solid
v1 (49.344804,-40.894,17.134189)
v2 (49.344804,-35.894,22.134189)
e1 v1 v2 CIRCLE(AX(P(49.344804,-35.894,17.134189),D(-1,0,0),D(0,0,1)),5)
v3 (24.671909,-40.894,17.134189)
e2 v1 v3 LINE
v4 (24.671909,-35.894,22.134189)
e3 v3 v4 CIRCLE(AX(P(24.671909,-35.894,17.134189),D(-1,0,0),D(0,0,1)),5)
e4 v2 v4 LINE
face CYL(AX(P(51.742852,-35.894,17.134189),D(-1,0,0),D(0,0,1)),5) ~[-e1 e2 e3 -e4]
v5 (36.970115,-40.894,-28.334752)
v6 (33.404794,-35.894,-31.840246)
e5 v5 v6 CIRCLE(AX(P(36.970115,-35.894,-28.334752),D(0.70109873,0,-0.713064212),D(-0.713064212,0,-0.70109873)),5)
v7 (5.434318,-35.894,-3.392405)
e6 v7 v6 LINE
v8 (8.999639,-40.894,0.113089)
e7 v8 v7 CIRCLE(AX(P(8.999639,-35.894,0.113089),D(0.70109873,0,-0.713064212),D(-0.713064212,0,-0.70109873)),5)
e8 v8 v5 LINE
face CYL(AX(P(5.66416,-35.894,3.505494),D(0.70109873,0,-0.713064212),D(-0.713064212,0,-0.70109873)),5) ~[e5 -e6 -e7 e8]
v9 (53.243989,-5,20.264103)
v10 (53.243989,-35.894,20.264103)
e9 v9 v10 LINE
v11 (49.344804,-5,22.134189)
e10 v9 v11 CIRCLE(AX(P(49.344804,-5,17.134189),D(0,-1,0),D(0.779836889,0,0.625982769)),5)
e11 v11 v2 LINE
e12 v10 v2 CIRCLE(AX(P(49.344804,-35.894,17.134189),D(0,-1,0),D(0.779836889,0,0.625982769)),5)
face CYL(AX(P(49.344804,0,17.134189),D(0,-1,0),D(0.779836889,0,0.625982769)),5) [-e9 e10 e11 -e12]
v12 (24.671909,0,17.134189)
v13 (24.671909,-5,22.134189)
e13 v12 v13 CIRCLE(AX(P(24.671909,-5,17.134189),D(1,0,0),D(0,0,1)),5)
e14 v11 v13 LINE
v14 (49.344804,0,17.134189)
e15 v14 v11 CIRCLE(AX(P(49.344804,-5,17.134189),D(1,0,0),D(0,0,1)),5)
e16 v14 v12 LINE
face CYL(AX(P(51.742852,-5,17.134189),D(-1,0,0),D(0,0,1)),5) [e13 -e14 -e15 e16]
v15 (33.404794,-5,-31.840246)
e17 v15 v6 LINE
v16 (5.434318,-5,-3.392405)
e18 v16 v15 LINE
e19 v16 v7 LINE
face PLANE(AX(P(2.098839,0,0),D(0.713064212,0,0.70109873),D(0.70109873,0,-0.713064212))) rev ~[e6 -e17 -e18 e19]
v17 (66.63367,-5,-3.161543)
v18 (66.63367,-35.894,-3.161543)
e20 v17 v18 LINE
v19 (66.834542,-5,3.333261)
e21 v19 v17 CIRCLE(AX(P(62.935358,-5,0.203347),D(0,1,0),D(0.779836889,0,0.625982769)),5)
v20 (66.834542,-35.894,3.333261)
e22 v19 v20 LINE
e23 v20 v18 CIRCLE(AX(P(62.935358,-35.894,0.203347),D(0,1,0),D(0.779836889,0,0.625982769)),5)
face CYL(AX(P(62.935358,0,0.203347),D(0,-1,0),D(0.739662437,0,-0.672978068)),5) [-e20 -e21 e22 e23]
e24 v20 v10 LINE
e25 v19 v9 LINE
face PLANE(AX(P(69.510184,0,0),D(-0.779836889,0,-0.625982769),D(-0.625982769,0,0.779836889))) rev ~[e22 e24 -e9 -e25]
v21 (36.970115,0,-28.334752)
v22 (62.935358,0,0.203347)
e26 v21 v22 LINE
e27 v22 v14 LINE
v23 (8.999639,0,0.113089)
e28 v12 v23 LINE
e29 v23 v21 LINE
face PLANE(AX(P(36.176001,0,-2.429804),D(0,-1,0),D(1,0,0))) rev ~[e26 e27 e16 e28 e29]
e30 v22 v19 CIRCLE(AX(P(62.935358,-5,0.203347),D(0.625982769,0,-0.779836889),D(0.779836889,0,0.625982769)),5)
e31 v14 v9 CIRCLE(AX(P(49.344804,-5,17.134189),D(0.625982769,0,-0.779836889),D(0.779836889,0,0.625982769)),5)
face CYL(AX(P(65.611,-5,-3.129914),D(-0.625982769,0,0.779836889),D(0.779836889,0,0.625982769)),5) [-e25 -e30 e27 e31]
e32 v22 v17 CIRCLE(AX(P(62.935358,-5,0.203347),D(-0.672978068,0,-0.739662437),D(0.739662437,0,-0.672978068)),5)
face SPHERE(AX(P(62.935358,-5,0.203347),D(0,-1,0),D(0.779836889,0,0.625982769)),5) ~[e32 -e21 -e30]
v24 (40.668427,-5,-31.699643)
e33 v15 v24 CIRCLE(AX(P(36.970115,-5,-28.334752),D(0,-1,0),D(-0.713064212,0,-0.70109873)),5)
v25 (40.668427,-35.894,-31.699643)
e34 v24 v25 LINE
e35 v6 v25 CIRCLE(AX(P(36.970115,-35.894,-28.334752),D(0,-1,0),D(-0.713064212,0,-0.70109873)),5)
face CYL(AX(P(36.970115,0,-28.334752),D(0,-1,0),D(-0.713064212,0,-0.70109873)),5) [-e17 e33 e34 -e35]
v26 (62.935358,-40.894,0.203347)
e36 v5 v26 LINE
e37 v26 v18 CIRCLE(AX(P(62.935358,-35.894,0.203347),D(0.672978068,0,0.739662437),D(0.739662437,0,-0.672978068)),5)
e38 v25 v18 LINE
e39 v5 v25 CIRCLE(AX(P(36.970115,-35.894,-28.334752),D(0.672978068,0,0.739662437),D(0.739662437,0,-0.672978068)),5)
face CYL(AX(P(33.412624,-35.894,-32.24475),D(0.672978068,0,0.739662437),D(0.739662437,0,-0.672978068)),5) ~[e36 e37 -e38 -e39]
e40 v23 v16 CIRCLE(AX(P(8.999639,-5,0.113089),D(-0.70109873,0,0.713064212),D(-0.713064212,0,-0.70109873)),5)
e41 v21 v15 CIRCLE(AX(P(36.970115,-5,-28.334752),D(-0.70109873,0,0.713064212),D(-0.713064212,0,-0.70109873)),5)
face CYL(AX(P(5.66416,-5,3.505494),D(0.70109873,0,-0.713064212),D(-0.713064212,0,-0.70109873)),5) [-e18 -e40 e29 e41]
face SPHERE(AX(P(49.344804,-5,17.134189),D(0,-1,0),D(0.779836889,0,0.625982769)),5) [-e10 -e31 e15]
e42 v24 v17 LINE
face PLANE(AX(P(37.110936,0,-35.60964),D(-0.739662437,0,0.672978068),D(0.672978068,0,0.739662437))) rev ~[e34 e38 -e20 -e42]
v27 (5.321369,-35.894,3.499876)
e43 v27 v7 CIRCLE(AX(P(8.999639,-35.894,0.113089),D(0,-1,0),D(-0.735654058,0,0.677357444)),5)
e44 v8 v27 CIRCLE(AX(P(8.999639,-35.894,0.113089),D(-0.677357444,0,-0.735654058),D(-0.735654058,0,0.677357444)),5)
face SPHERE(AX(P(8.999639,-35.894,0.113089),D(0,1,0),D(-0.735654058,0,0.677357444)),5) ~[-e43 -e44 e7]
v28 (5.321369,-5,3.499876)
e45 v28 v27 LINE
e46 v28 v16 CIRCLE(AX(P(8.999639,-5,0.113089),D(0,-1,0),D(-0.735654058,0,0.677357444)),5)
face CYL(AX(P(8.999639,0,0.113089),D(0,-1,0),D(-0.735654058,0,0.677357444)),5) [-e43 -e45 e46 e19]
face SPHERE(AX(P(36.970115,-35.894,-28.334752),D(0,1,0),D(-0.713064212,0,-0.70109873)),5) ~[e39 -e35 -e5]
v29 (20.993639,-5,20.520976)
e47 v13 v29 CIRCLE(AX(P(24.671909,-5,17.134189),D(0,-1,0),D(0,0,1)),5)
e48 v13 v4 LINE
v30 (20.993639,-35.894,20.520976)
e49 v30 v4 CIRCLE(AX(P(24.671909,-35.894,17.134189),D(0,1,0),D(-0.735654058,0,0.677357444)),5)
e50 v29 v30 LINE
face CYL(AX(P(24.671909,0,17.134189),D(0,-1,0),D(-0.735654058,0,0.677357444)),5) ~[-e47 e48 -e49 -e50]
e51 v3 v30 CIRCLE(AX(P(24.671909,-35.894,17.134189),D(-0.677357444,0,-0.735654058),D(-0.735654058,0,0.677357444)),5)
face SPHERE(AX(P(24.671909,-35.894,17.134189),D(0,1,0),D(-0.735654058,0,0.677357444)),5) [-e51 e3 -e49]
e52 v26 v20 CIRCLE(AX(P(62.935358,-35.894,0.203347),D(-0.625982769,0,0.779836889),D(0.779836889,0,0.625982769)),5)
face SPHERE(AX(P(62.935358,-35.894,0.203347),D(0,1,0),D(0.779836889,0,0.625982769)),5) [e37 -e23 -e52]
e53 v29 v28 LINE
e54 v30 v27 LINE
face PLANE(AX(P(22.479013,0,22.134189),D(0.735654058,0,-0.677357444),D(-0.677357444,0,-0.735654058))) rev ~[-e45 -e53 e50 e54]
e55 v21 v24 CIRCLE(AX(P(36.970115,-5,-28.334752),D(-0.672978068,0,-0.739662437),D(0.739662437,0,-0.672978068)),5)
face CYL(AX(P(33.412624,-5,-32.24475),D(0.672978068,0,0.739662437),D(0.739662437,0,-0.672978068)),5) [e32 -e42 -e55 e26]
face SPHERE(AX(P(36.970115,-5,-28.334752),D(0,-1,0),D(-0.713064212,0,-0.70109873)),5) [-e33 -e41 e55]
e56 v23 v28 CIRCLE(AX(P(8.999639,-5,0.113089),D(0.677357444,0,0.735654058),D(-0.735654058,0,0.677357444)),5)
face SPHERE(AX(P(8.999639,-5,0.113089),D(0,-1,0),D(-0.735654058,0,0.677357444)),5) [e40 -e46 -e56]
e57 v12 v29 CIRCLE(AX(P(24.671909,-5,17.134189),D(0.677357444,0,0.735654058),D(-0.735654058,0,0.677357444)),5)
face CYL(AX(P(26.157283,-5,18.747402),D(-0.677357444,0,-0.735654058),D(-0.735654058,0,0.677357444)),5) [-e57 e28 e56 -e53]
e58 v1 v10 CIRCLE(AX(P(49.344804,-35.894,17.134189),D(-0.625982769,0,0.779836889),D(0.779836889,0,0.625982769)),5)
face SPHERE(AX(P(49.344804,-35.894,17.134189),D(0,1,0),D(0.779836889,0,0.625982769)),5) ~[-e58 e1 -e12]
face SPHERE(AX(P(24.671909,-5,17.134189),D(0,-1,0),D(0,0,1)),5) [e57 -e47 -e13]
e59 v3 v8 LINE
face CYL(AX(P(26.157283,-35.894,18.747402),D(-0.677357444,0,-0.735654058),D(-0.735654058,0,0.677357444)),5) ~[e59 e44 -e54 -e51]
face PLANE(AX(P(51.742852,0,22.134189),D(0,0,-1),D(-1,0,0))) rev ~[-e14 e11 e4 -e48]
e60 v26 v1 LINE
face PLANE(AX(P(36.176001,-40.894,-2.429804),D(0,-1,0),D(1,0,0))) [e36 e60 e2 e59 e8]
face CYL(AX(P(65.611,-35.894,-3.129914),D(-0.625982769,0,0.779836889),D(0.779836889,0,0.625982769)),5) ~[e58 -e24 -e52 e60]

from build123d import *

# Parameters (mm, degrees)
F1_DEPTH = 40.894
F2_R     = 5


with BuildPart() as f1:
    # F0 (on Front) → F1 (new body)
    with BuildSketch(Plane.XZ):
        Polygon((22.479013, 22.134189), (2.098839, 0), (37.110936, -35.60964), (69.510184, 0), (51.742852, 22.134189), align=None)
    extrude(amount=F1_DEPTH)

    # F2
    f2_edges = [f1.edges().sort_by_distance(p)[0] for p in [
        (69.510184, -20.447, 0),
        (51.742852, -20.447, 22.134189),
        (60.626518, 0, 11.067094),
        (60.626518, -40.894, 11.067094),
        (12.288926, -40.894, 11.067094),
        (19.604888, -40.894, -17.80482),
        (53.31056, -40.894, -17.80482),
        (37.110932, -40.894, 22.134189),
        (22.479013, -20.447, 22.134189),
        (37.110932, 0, 22.134189),
        (2.098839, -20.447, 0),
        (12.288926, 0, 11.067094),
        (37.110936, -20.447, -35.60964),
        (19.604888, 0, -17.80482),
        (53.31056, 0, -17.80482),
    ]]
    fillet(f2_edges, radius=F2_R)


solid = f1.part
